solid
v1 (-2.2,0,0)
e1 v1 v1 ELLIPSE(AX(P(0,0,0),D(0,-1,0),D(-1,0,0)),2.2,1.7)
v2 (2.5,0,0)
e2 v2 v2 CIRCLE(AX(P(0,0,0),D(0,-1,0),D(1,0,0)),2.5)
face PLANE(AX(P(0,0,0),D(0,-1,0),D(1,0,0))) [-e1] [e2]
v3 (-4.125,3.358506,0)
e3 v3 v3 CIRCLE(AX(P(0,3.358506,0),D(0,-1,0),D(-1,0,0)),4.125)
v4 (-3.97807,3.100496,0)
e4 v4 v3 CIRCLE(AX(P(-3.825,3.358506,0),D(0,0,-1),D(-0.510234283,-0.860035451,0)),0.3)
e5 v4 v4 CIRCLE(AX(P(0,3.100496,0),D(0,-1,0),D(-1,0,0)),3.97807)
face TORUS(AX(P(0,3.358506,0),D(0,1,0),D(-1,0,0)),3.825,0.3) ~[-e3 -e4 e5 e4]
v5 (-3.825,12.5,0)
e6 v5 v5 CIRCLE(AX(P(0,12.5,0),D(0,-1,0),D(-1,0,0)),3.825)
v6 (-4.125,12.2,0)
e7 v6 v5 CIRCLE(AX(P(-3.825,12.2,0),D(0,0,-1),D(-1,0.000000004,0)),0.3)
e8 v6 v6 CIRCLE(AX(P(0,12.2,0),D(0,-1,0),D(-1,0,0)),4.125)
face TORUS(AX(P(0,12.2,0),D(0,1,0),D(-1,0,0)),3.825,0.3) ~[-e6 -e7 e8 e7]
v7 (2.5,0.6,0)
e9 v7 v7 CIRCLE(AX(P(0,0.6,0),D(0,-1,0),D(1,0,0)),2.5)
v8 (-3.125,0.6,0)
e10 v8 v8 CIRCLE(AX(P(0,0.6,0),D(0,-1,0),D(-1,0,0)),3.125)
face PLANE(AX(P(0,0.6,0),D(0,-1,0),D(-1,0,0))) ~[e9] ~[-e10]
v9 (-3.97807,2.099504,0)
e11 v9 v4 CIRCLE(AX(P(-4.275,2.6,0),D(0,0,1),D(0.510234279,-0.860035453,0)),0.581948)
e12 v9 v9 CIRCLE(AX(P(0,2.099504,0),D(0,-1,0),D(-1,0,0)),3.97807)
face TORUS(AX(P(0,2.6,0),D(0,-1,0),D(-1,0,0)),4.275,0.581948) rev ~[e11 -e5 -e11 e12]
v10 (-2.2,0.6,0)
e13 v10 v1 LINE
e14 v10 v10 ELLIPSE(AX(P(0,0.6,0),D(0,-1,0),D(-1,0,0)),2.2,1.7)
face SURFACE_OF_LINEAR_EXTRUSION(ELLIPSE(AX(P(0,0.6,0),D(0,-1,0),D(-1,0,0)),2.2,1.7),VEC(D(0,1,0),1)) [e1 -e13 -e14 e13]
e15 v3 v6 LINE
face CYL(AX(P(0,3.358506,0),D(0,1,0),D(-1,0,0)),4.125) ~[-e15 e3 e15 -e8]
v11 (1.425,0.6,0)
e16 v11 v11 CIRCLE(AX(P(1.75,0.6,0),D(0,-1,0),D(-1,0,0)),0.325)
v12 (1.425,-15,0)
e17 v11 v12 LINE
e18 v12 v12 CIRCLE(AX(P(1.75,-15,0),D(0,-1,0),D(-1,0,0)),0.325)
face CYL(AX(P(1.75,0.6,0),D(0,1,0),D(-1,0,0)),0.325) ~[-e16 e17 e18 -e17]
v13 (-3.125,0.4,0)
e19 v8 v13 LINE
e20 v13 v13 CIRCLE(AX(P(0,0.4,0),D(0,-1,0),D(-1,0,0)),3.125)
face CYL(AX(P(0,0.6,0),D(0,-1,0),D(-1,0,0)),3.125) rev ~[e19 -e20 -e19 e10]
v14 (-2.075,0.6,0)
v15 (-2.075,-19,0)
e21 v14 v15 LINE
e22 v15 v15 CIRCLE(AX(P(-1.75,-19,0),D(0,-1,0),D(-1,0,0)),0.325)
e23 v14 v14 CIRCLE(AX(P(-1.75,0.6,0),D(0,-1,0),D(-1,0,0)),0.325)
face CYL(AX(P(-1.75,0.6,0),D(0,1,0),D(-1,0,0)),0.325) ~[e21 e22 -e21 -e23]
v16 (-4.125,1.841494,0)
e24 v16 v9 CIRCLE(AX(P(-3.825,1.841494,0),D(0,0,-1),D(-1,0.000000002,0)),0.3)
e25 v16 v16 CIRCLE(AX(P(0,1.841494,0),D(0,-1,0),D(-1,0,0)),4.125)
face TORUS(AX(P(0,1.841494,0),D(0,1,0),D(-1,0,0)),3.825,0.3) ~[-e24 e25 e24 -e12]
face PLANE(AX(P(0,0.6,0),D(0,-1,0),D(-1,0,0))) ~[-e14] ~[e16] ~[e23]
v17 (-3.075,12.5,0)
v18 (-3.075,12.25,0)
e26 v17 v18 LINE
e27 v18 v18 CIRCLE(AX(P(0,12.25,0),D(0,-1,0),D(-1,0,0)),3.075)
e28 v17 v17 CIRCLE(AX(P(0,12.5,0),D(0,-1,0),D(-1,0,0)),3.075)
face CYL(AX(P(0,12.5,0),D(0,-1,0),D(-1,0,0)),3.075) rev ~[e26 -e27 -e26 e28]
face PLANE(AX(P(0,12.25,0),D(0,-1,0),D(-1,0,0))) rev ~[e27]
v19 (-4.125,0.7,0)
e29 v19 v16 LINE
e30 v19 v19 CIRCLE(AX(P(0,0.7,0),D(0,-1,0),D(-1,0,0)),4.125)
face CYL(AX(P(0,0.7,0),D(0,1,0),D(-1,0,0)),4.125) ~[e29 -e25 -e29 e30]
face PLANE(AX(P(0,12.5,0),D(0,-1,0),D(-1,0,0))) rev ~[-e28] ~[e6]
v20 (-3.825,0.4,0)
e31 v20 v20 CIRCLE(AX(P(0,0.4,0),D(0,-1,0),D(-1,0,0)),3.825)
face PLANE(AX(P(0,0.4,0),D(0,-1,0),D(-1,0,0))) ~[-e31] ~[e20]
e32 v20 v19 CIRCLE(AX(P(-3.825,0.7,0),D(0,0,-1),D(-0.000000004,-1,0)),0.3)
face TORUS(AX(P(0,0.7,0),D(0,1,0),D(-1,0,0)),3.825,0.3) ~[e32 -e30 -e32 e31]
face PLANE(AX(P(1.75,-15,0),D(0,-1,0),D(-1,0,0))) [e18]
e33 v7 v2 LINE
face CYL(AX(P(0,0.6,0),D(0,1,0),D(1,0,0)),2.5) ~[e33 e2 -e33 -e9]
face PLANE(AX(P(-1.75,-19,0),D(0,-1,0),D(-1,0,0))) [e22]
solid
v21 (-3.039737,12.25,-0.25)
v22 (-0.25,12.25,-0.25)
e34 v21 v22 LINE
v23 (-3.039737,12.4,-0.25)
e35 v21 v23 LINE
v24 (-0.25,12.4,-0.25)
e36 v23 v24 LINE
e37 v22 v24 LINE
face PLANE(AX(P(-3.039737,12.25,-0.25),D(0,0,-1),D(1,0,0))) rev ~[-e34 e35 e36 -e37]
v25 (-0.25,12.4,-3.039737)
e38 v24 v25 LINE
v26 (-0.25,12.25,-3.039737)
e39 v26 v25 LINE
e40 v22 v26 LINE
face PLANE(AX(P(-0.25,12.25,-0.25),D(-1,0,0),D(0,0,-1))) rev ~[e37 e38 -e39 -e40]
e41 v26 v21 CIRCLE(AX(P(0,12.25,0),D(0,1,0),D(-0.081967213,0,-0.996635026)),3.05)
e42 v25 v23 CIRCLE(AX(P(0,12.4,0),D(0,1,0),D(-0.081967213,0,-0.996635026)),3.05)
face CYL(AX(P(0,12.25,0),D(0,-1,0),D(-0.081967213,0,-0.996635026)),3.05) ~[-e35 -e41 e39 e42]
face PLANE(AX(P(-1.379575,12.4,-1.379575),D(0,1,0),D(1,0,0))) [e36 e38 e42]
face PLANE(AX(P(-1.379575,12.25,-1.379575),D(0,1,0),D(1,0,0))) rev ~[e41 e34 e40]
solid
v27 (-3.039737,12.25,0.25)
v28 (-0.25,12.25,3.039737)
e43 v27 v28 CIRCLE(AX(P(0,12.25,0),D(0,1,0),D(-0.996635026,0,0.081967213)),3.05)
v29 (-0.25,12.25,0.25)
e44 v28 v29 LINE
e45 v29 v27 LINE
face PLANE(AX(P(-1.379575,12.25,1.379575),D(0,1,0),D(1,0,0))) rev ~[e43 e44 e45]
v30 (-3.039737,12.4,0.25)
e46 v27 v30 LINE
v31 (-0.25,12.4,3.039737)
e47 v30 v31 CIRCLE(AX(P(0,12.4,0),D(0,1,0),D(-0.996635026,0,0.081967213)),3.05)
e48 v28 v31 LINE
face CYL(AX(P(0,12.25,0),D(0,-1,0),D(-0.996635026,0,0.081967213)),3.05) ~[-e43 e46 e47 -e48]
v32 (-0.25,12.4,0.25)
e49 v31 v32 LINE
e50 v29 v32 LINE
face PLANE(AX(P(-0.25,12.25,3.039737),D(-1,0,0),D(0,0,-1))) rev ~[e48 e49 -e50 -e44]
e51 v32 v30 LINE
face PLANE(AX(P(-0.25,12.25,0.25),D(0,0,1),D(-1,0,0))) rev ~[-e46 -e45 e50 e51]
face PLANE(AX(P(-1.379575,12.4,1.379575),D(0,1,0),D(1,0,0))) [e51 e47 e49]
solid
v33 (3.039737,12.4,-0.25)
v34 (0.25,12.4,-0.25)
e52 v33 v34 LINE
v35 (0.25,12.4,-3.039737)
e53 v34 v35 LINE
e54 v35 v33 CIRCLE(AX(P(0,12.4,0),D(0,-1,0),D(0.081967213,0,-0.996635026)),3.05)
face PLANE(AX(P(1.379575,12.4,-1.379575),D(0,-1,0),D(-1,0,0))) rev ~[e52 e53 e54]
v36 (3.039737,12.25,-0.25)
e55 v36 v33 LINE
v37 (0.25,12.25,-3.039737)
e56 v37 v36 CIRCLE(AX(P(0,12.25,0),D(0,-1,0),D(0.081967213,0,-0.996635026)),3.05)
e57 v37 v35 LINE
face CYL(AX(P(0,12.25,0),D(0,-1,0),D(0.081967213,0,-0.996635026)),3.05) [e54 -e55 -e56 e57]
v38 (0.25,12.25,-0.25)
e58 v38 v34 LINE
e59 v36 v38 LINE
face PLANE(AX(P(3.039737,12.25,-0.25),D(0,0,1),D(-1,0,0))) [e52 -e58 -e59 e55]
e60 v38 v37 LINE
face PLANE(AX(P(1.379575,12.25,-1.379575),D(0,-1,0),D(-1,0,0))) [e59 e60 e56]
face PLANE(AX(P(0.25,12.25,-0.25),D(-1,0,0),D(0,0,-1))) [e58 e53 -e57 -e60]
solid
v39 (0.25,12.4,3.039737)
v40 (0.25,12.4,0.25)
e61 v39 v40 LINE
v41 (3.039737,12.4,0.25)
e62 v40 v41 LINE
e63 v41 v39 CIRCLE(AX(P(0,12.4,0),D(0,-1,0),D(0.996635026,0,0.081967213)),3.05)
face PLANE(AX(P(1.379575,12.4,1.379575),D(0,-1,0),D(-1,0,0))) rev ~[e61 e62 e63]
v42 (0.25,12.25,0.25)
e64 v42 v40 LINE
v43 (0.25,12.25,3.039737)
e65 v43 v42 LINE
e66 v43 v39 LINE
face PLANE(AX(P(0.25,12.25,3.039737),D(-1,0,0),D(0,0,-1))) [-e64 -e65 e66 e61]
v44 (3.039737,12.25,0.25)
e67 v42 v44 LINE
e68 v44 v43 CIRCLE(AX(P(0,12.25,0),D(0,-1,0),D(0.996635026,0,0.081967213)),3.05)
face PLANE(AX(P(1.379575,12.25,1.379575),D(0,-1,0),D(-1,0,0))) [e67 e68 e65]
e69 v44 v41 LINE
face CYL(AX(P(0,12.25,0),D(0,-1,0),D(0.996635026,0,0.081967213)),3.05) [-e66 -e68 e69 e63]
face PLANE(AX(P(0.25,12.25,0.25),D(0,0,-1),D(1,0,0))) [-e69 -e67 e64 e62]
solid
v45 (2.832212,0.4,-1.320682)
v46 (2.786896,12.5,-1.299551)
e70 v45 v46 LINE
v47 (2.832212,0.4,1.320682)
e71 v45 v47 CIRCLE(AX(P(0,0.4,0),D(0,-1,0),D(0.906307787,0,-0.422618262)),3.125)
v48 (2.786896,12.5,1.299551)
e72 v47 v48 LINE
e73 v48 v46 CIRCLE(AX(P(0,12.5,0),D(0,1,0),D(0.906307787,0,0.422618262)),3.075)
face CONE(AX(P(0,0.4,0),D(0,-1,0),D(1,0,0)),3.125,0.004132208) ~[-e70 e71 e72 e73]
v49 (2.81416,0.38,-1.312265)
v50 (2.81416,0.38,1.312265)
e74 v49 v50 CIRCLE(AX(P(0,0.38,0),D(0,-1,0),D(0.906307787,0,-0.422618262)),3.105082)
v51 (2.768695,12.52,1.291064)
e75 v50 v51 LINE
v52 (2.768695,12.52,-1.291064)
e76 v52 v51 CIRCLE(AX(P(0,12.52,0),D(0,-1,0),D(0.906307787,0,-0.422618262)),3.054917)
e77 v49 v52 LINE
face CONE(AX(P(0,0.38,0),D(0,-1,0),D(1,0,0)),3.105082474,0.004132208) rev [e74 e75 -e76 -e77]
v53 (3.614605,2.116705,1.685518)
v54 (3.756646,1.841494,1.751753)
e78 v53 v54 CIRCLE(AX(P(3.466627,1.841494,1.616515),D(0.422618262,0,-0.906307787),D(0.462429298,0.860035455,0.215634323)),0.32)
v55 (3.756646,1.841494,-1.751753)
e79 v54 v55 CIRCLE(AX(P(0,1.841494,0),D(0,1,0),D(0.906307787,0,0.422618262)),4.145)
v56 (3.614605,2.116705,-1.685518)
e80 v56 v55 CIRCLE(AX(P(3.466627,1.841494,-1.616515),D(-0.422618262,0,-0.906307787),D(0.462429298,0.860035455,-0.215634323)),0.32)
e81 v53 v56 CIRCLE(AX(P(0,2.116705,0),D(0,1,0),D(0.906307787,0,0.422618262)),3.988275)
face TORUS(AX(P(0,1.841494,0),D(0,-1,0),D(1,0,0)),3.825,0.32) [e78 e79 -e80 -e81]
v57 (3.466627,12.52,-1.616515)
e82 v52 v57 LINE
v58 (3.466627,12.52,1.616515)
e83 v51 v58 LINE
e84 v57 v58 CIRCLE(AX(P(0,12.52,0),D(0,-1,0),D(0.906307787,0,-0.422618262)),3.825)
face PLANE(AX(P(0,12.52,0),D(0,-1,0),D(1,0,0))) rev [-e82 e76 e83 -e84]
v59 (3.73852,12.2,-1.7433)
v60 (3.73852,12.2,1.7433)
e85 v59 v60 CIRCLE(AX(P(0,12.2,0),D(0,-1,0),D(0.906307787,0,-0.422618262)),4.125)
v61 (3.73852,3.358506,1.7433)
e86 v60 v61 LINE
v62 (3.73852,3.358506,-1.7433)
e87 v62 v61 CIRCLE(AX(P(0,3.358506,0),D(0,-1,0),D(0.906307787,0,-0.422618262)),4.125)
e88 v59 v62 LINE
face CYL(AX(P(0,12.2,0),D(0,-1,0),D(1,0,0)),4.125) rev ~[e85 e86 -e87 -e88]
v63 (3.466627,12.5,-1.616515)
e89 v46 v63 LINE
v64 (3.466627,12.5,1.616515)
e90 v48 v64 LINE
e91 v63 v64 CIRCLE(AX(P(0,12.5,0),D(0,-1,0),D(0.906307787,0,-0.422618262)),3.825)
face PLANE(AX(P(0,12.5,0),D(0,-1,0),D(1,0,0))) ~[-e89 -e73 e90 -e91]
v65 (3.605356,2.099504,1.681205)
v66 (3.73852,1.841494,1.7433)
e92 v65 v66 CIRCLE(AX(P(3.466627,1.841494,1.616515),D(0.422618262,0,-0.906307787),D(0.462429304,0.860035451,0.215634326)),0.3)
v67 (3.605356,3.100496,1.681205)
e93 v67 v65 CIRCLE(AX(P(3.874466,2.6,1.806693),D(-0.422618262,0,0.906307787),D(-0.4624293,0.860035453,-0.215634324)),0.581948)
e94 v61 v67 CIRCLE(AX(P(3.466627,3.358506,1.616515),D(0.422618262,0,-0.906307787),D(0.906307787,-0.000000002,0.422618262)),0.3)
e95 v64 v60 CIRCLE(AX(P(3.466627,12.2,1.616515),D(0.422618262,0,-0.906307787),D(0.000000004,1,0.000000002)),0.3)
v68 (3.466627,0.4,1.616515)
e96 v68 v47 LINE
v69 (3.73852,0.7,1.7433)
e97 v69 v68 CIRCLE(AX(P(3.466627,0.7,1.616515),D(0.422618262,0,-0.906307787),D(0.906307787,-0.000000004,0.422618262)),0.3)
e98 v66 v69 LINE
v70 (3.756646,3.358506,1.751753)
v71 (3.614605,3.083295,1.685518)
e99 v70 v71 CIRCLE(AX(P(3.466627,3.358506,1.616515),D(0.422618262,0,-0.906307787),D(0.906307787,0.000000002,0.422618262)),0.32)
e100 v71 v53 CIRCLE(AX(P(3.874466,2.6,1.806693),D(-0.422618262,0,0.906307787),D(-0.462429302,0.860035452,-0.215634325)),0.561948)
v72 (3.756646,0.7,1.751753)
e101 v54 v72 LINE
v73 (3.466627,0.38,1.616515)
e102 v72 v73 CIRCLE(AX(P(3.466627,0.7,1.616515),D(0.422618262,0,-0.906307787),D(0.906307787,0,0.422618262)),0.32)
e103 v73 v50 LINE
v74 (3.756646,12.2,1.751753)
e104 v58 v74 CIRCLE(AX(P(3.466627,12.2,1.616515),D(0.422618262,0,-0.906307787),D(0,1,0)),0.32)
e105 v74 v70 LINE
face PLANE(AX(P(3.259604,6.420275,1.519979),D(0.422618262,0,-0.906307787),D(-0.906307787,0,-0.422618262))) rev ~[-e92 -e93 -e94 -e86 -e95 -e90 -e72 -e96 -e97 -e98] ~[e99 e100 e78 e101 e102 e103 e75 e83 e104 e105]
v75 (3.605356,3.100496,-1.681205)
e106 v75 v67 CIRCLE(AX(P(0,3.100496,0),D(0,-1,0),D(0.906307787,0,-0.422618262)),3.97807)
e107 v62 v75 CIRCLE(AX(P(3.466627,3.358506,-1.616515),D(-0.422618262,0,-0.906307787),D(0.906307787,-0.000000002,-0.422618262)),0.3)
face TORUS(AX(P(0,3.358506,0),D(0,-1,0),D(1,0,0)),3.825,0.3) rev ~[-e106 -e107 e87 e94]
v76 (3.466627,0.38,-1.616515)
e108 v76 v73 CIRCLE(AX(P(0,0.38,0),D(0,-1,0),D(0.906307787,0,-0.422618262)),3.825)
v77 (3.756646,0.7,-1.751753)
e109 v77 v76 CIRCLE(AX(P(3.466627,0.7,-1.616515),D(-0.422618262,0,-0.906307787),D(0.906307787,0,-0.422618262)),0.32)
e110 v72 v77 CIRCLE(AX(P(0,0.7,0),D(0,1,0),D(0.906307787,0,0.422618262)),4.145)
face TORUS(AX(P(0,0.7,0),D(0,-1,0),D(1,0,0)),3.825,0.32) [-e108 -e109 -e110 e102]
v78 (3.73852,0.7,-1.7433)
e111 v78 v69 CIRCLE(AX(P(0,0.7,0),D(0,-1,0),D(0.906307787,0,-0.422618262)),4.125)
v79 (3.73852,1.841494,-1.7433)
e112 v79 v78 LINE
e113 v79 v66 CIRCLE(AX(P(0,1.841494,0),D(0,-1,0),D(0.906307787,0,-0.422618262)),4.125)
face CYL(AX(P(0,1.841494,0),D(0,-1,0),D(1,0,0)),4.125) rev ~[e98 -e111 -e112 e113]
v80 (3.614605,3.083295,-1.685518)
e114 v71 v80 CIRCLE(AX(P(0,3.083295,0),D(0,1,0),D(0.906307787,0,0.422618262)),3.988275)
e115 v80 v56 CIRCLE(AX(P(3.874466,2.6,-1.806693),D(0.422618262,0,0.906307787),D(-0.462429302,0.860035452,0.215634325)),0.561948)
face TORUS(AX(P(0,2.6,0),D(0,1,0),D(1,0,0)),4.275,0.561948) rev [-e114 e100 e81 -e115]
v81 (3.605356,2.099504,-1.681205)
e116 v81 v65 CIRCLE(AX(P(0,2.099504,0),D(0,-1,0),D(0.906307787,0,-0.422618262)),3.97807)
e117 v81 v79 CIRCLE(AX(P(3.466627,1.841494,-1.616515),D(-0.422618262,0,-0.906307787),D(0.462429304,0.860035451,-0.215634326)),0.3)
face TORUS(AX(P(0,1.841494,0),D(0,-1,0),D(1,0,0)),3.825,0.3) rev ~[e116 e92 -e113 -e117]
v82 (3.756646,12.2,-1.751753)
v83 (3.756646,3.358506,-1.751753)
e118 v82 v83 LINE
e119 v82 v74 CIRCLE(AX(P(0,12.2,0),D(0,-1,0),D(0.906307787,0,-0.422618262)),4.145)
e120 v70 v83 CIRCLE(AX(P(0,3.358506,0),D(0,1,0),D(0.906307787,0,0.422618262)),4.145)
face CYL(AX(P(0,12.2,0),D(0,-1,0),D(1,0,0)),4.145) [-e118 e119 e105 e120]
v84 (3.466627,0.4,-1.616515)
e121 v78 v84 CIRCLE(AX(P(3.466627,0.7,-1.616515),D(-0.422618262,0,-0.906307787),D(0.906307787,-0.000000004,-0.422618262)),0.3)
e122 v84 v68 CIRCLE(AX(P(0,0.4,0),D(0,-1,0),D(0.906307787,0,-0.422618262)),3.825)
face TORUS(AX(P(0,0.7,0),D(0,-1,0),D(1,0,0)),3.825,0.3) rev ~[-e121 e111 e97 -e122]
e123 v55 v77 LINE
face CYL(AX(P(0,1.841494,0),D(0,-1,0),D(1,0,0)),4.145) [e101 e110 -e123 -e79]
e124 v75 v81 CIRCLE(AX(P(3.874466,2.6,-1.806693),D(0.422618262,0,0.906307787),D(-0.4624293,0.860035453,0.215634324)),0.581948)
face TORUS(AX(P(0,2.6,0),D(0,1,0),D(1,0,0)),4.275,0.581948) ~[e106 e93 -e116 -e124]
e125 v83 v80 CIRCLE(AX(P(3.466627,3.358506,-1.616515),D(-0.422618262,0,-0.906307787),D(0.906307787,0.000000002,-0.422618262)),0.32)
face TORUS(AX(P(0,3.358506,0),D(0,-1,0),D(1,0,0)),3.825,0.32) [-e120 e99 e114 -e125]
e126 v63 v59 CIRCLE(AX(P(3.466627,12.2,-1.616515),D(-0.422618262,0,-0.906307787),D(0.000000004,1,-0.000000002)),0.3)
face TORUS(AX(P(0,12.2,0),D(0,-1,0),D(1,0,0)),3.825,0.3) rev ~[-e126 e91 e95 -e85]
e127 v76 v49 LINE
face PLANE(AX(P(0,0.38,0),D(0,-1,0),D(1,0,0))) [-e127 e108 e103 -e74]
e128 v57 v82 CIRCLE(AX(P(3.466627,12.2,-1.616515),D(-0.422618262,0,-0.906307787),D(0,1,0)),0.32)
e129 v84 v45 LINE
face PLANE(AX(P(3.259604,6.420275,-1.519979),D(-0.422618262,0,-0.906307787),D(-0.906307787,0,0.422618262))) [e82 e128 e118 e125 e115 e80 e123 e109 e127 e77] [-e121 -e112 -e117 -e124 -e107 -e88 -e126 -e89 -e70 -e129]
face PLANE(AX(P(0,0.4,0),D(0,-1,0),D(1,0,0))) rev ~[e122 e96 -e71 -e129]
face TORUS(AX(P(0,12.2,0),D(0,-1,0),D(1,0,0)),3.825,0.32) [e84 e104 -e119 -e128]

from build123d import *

# Parameters (mm, degrees)
BOSS_EXTRUDE1_DEPTH      = 0.15
BOSS_EXTRUDE1_2_DEPTH    = 0.15
BOSS_EXTRUDE1_3_DEPTH    = 0.15
BOSS_EXTRUDE1_4_DEPTH    = 0.15
SKETCH3_R                = 2.5
SKETCH3_RX               = 2.2
SKETCH3_RY               = 1.7
BOSS_EXTRUDE2_DEPTH      = 0.6
REVOLVE3_ANGLE           = 25
REVOLVE3_OTHER_WAY_ANGLE = 25
SKETCH7_R                = 0.325
BOSS_EXTRUDE3_DEPTH      = 19.6
SKETCH7_4_R              = 0.325
BOSS_EXTRUDE4_DEPTH      = 15.6


with BuildPart() as part:
    # Sketch1 → Revolve1 (revolve)
    with BuildSketch(Plane.XY, mode=Mode.PRIVATE) as revolve1_sk:
        with BuildLine():
            Line((0, 0.6), (3.125, 0.6))
            Line((3.125, 0.6), (3.125, 0.4))
            Line((3.125, 0.4), (3.825, 0.4))
            ThreePointArc((3.825, 0.4), (4.037132034, 0.487867966), (4.125, 0.7))
            Line((4.125, 0.7), (4.125, 1.841493624))
            ThreePointArc((4.125, 1.841493624), (4.085692429, 1.989950545), (3.978070284, 2.09950426))
            ThreePointArc((3.978070284, 2.09950426), (3.6930522, 2.6), (3.978070284, 3.10049574))
            ThreePointArc((3.978070284, 3.10049574), (4.085692429, 3.210049455), (4.125, 3.358506376))
            Line((4.125, 3.358506376), (4.125, 12.2))
            ThreePointArc((4.125, 12.2), (4.037132034, 12.412132034), (3.825, 12.5))
            Line((3.825, 12.5), (3.075, 12.5))
            Line((3.075, 12.5), (3.075, 12.25))
            Line((3.075, 12.25), (0, 12.25))
            Line((0, 12.25), (0, 0.6))
        make_face()
    revolve(revolve1_sk.sketch.rotate(Axis((0, 12.25, 0), (0, -1, 0)), 180), axis=Axis((0, 12.25, 0), (0, -1, 0)))



with BuildPart() as body_2:
    # Sketch2 → Boss-Extrude1 (new body)
    with BuildSketch(Plane(origin=(0, 12.25, 0), x_dir=(1, 0, 0), z_dir=(0, 1, 0))):
        with BuildLine():
            Line((-0.25, 0.25), (-0.25, 3.039736831))
            ThreePointArc((-0.25, 3.039736831), (-2.156675683, 2.156675683), (-3.039736831, 0.25))
            Line((-3.039736831, 0.25), (-0.25, 0.25))
        make_face()
    extrude(amount=BOSS_EXTRUDE1_DEPTH)


with BuildPart() as body_3:
    # Sketch2 → Boss-Extrude1 2 (new body)
    with BuildSketch(Plane(origin=(0, 12.25, 0), x_dir=(1, 0, 0), z_dir=(0, 1, 0))):
        with BuildLine():
            Line((0.25, -3.039736831), (0.25, -0.25))
            Line((0.25, -0.25), (3.039736831, -0.25))
            ThreePointArc((3.039736831, -0.25), (2.156675683, -2.156675683), (0.25, -3.039736831))
        make_face()
    extrude(amount=BOSS_EXTRUDE1_2_DEPTH)


with BuildPart() as body_4:
    # Sketch2 → Boss-Extrude1 3 (new body)
    with BuildSketch(Plane(origin=(0, 12.25, 0), x_dir=(1, 0, 0), z_dir=(0, 1, 0))):
        with BuildLine():
            Line((-0.25, -3.039736831), (-0.25, -0.25))
            Line((-0.25, -0.25), (-3.039736831, -0.25))
            ThreePointArc((-3.039736831, -0.25), (-2.156675683, -2.156675683), (-0.25, -3.039736831))
        make_face()
    extrude(amount=BOSS_EXTRUDE1_3_DEPTH)


with BuildPart() as body_5:
    # Sketch2 → Boss-Extrude1 4 (new body)
    with BuildSketch(Plane(origin=(0, 12.25, 0), x_dir=(1, 0, 0), z_dir=(0, 1, 0))):
        with BuildLine():
            Line((0.25, 0.25), (0.25, 3.039736831))
            ThreePointArc((0.25, 3.039736831), (2.156675683, 2.156675683), (3.039736831, 0.25))
            Line((3.039736831, 0.25), (0.25, 0.25))
        make_face()
    extrude(amount=BOSS_EXTRUDE1_4_DEPTH)


with BuildPart() as body_6:
    # Sketch3 → Boss-Extrude2 (new body)
    with BuildSketch(Plane.XZ.offset(-0.6)):
        Circle(SKETCH3_R)
        with Locations(Location((0, 0), (0, 0, 180))):
            Ellipse(SKETCH3_RX, SKETCH3_RY, mode=Mode.SUBTRACT)
    extrude(amount=BOSS_EXTRUDE2_DEPTH)


with BuildPart() as body_7:
    # Sketch5 → Revolve3 (revolve)
    with BuildSketch(Plane.XY):
        with BuildLine():
            Line((4.145, 12.2), (4.145, 3.358506376))
            ThreePointArc((4.145, 3.358506376), (4.103071924, 3.200152326), (3.988274969, 3.083295031))
            ThreePointArc((3.988274969, 3.083295031), (3.7130522, 2.6), (3.988274969, 2.116704969))
            ThreePointArc((3.988274969, 2.116704969), (4.103071924, 1.999847674), (4.145, 1.841493624))
            Line((4.145, 1.841493624), (4.145, 0.7))
            ThreePointArc((4.145, 0.7), (4.05127417, 0.47372583), (3.825, 0.38))
            Line((3.825, 0.38), (3.105082474, 0.38))
            Line((3.105082474, 0.38), (3.054917185, 12.52))
            Line((3.054917185, 12.52), (3.825, 12.52))
            ThreePointArc((3.825, 12.52), (4.05127417, 12.42627417), (4.145, 12.2))
        make_face()
        with BuildLine():
            Line((3.075, 12.5), (3.825, 12.5))
            ThreePointArc((3.825, 12.5), (4.037132034, 12.412132034), (4.125, 12.2))
            Line((4.125, 12.2), (4.125, 3.358506376))
            ThreePointArc((4.125, 3.358506376), (4.085692429, 3.210049455), (3.978070284, 3.10049574))
            ThreePointArc((3.978070284, 3.10049574), (3.6930522, 2.6), (3.978070284, 2.09950426))
            ThreePointArc((3.978070284, 2.09950426), (4.085692429, 1.989950545), (4.125, 1.841493624))
            Line((4.125, 1.841493624), (4.125, 0.7))
            ThreePointArc((4.125, 0.7), (4.037132034, 0.487867966), (3.825, 0.4))
            Line((3.825, 0.4), (3.125, 0.4))
            Line((3.125, 0.4), (3.075, 12.5))
        make_face(mode=Mode.SUBTRACT)
    revolve(axis=Axis((0, 0, 0), (0, 1, 0)), revolution_arc=REVOLVE3_ANGLE)

    # Sketch5 → Revolve3 other way (revolve)
    with BuildSketch(Plane.XY):
        with BuildLine():
            Line((4.145, 12.2), (4.145, 3.358506376))
            ThreePointArc((4.145, 3.358506376), (4.103071924, 3.200152326), (3.988274969, 3.083295031))
            ThreePointArc((3.988274969, 3.083295031), (3.7130522, 2.6), (3.988274969, 2.116704969))
            ThreePointArc((3.988274969, 2.116704969), (4.103071924, 1.999847674), (4.145, 1.841493624))
            Line((4.145, 1.841493624), (4.145, 0.7))
            ThreePointArc((4.145, 0.7), (4.05127417, 0.47372583), (3.825, 0.38))
            Line((3.825, 0.38), (3.105082474, 0.38))
            Line((3.105082474, 0.38), (3.054917185, 12.52))
            Line((3.054917185, 12.52), (3.825, 12.52))
            ThreePointArc((3.825, 12.52), (4.05127417, 12.42627417), (4.145, 12.2))
        make_face()
        with BuildLine():
            Line((3.075, 12.5), (3.825, 12.5))
            ThreePointArc((3.825, 12.5), (4.037132034, 12.412132034), (4.125, 12.2))
            Line((4.125, 12.2), (4.125, 3.358506376))
            ThreePointArc((4.125, 3.358506376), (4.085692429, 3.210049455), (3.978070284, 3.10049574))
            ThreePointArc((3.978070284, 3.10049574), (3.6930522, 2.6), (3.978070284, 2.09950426))
            ThreePointArc((3.978070284, 2.09950426), (4.085692429, 1.989950545), (4.125, 1.841493624))
            Line((4.125, 1.841493624), (4.125, 0.7))
            ThreePointArc((4.125, 0.7), (4.037132034, 0.487867966), (3.825, 0.4))
            Line((3.825, 0.4), (3.125, 0.4))
            Line((3.125, 0.4), (3.075, 12.5))
        make_face(mode=Mode.SUBTRACT)
    revolve(axis=Axis((0, 0, 0), (0, -1, 0)), revolution_arc=REVOLVE3_OTHER_WAY_ANGLE)


with BuildPart() as part_1:
    add(part.part)

    add(body_6.part)  # Boss-Extrude3 merges body 6
    # Sketch7 → Boss-Extrude3 (add)
    with BuildSketch(Plane.XZ.offset(-0.6)):
        with Locations(Location((-1.75, 0, 0), (0, 0, 180))):
            Circle(SKETCH7_R)
    extrude(amount=BOSS_EXTRUDE3_DEPTH)

    # Sketch7<4> → Boss-Extrude4 (add)
    with BuildSketch(Plane.XZ.offset(-0.6)):
        with Locations(Location((1.75, 0, 0), (0, 0, 180))):
            Circle(SKETCH7_4_R)
    extrude(amount=BOSS_EXTRUDE4_DEPTH)


solid = Compound([body_2.part, body_3.part, body_4.part, body_5.part, body_7.part, part_1.part])
